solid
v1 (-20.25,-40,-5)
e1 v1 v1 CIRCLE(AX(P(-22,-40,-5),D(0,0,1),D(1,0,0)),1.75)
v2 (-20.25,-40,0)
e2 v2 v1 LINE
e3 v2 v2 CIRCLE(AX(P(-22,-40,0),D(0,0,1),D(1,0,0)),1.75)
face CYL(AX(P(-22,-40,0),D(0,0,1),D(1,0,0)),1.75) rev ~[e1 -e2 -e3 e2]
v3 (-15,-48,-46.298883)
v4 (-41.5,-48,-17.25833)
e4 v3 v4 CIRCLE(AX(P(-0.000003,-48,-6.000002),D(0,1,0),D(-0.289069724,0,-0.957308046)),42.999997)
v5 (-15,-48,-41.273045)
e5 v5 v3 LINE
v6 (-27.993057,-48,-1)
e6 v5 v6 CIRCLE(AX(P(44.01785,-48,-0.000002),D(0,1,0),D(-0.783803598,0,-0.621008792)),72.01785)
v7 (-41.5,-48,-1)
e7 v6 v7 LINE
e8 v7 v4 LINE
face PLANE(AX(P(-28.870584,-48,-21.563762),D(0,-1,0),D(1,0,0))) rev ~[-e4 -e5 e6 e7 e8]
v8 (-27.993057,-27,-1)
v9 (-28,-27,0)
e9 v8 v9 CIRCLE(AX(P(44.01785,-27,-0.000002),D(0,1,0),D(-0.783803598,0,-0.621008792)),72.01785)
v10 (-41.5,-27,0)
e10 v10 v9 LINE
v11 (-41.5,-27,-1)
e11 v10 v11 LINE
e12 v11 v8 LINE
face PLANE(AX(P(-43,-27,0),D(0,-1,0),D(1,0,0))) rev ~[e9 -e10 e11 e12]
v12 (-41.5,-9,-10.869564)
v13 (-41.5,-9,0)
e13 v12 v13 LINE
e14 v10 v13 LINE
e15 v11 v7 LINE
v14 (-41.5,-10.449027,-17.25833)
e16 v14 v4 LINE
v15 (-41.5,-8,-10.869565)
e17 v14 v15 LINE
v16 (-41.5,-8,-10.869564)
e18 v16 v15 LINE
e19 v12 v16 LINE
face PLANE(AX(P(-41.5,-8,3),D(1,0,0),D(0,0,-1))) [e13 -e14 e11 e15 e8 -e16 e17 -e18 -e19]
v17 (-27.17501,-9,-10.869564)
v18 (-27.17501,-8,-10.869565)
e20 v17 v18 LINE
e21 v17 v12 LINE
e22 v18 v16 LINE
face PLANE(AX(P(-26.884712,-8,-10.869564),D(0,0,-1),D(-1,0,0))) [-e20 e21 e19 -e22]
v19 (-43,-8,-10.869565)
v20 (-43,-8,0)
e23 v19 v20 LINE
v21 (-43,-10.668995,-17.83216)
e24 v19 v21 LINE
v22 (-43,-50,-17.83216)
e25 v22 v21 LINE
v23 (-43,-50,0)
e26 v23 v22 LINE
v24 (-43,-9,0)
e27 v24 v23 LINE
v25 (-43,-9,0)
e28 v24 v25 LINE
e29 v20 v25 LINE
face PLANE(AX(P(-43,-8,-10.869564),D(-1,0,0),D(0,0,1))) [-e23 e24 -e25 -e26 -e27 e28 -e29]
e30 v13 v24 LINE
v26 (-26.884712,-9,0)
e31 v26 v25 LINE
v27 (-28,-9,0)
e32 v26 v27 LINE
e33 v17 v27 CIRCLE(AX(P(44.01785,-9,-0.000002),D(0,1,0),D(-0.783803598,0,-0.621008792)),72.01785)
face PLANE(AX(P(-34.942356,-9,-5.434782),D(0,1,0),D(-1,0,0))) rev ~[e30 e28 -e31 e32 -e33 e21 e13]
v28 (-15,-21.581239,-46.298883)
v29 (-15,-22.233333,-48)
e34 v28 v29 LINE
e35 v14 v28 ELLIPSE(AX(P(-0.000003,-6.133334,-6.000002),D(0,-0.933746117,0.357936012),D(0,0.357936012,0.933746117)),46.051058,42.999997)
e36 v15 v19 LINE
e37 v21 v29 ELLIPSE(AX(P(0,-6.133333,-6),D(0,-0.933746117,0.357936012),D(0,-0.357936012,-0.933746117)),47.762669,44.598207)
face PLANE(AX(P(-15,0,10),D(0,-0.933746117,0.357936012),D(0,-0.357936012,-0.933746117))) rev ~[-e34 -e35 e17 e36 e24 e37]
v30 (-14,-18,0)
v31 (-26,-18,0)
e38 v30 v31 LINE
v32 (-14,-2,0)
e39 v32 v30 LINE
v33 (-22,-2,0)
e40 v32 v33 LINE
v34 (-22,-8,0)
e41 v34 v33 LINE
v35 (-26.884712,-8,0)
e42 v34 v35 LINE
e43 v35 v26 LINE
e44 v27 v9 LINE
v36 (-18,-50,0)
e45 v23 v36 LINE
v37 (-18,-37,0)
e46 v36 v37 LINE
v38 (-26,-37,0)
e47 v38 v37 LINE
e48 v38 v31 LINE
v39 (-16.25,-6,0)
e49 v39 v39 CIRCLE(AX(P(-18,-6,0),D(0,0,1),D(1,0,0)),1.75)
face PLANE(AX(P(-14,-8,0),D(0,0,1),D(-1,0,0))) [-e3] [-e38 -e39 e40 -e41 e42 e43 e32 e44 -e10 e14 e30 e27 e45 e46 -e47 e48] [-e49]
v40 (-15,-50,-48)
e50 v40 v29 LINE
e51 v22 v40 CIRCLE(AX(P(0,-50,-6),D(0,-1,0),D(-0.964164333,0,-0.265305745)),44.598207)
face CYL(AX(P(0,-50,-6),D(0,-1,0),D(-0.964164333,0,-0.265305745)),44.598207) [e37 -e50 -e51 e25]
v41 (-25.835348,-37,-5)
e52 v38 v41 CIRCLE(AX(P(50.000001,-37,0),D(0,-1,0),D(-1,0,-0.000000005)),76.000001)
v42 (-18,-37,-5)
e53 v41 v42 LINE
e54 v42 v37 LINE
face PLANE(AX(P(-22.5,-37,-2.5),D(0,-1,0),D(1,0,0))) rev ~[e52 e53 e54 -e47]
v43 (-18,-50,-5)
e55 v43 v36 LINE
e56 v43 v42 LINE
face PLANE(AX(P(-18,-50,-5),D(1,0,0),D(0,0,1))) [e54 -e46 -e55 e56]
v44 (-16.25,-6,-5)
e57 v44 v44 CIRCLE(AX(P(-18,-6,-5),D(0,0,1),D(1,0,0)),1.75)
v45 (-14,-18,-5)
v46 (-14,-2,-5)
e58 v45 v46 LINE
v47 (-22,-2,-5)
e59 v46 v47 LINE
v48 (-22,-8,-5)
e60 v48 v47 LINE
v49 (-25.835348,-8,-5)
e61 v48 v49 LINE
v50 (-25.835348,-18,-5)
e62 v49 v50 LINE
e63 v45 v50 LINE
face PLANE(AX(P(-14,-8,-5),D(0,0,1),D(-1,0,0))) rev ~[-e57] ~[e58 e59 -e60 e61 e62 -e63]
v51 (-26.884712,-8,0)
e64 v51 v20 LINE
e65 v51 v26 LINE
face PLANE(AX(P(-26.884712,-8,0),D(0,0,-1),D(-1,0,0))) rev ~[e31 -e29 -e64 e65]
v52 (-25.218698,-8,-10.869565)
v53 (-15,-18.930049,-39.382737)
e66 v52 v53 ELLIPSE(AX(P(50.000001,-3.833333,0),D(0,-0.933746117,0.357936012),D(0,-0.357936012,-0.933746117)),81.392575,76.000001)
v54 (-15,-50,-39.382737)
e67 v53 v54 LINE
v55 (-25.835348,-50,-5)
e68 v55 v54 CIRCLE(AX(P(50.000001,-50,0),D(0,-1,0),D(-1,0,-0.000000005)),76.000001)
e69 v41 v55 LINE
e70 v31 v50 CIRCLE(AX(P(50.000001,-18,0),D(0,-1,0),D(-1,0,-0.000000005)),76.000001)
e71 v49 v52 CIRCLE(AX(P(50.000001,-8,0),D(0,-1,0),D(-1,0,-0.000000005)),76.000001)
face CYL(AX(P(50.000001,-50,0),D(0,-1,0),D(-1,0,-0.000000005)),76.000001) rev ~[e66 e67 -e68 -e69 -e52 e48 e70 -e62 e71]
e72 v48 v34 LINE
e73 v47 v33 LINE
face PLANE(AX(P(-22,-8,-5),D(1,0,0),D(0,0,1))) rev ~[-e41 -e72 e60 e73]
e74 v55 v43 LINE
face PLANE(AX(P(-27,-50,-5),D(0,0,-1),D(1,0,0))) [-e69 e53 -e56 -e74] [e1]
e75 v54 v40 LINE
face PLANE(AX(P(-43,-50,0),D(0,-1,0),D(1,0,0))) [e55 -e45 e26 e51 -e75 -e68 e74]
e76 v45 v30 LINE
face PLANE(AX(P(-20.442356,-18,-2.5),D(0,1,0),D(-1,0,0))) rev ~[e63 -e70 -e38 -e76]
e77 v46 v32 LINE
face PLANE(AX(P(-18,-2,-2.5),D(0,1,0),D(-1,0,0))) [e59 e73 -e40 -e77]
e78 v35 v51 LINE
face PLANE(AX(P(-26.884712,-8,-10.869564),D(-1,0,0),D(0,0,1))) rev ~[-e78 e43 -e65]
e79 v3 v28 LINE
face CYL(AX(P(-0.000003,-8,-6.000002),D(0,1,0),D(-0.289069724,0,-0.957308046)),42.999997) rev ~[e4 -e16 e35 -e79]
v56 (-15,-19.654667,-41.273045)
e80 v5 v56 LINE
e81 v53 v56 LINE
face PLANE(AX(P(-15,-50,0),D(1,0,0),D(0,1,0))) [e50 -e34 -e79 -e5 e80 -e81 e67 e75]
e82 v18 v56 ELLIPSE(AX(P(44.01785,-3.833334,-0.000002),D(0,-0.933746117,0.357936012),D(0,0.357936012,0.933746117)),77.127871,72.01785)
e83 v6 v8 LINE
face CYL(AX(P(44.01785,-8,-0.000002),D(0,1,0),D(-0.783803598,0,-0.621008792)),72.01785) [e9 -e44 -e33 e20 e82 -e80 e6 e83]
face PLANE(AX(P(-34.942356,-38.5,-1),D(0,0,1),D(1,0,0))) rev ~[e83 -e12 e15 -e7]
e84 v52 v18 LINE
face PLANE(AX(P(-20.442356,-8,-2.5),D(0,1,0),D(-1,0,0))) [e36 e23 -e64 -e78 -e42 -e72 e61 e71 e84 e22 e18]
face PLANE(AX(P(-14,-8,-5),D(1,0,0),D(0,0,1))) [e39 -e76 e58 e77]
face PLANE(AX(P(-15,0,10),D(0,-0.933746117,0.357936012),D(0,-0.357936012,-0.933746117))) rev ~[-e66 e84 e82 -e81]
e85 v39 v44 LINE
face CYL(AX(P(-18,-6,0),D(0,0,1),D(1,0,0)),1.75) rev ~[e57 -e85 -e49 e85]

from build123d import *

# Parameters (mm, degrees)
SKETCH_W        = 28
SKETCH_H        = 42
PAD_DEPTH       = 48
POCKET_DEPTH    = 42.001
POCKET001_DEPTH = 28.001
POCKET002_DEPTH = 40
POCKET003_DEPTH = 42.001
SKETCH005_W     = 12.884712
SKETCH005_H     = 5
PAD001_DEPTH    = 10
SKETCH006_W     = 8
SKETCH006_H     = 5
PAD002_DEPTH    = 6
SKETCH007_W     = 9
SKETCH007_H     = 5
PAD003_DEPTH    = 13
SKETCH009_R     = 1.75
POCKET004_DEPTH = 6
SKETCH010_W     = 16.115288
SKETCH010_H     = 23
PAD004_DEPTH    = 1
SKETCH011_W     = 16.115288
SKETCH011_H     = 10.869565
PAD005_DEPTH    = 1


with BuildPart() as part:
    # Sketch → Pad (new body)
    with BuildSketch(Plane.XY):
        with Locations((-29, -29)):
            Rectangle(SKETCH_W, SKETCH_H)
    extrude(amount=-PAD_DEPTH)

    # Sketch001 (on Face3 of Pad) → Pocket (cut, through all)
    with BuildSketch(Plane.XZ.offset(50)):
        with BuildLine():
            ThreePointArc((-43, -17.83216), (-32.688295, -36.339337), (-15, -48))
            Line((-15, -48), (-62.101535, -92.662663))
            Line((-43, -17.83216), (-62.101535, -92.662663))
        make_face()
    extrude(amount=-POCKET_DEPTH, mode=Mode.SUBTRACT)

    # Sketch002 (on Face3 of Pocket) → Pocket001 (cut, through all)
    with BuildSketch(Plane.YZ.offset(-15)):
        Polygon((0, 10), (-23, -50), (20.241647, -57.218418), align=None)
    extrude(amount=-POCKET001_DEPTH, mode=Mode.SUBTRACT)

    # Sketch003 (on Face1 of Pocket001) → Pocket002 (cut)
    with BuildSketch(Plane(origin=(0, -8, 0), x_dir=(-1, 0, 0), z_dir=(0, 1, 0))):
        with BuildLine():
            Line((41.5, 3), (41.5, -17.25833))
            ThreePointArc((12.43, -47.164245), (30.833459, -35.971617), (41.5, -17.25833))
            Line((12.43, -44.72372), (12.43, -47.164245))
            ThreePointArc((12.43, -44.72372), (23.996206, -23.678239), (28, 0))
            Line((28, 3), (28, 0))
            Line((41.5, 3), (28, 3))
        make_face()
    extrude(amount=-POCKET002_DEPTH, mode=Mode.SUBTRACT)

    # Sketch004 (on Face10 of Pocket002) → Pocket003 (cut, through all)
    with BuildSketch(Plane.XZ.offset(50)):
        with BuildLine():
            ThreePointArc((-26, 0), (-13.012856, -42.489763), (21.51, -70.45793))
            Line((21.51, -70.45793), (50, 0))
            Line((-26, 0), (50, 0))
        make_face()
    extrude(amount=-POCKET003_DEPTH, mode=Mode.SUBTRACT)

    # Sketch005 (on Face1 of Pocket003) → Pad001 (join)
    with BuildSketch(Plane(origin=(0, -8, 0), x_dir=(-1, 0, 0), z_dir=(0, 1, 0))):
        with Locations((20.442356, -2.5)):
            Rectangle(SKETCH005_W, SKETCH005_H)
    extrude(amount=-PAD001_DEPTH)

    # Sketch006 (on Face13 of Pad001) → Pad002 (join)
    with BuildSketch(Plane(origin=(0, -8, 0), x_dir=(-1, 0, 0), z_dir=(0, 1, 0))):
        with Locations((18, -2.5)):
            Rectangle(SKETCH006_W, SKETCH006_H)
    extrude(amount=PAD002_DEPTH)

    # Sketch007 (on Face11 of Pad002) → Pad003 (join)
    with BuildSketch(Plane.XZ.offset(50)):
        with Locations((-22.5, -2.5)):
            Rectangle(SKETCH007_W, SKETCH007_H)
    extrude(amount=-PAD003_DEPTH)

    # Sketch009 (on Face24 of Pad003) → Pocket004 (cut)
    with BuildSketch(Plane.XY):
        with Locations((-18, -6)):
            Circle(SKETCH009_R)
        with Locations((-22, -40)):
            Circle(SKETCH009_R)
    extrude(amount=-POCKET004_DEPTH, mode=Mode.SUBTRACT)

    # Sketch010 (on Face2 of Pocket004) → Pad004 (join)
    with BuildSketch(Plane.XY):
        with Locations((-34.942356, -38.5)):
            Rectangle(SKETCH010_W, SKETCH010_H)
    extrude(amount=-PAD004_DEPTH)

    # Sketch011 (on Face39 of Pad004) → Pad005 (join)
    with BuildSketch(Plane(origin=(0, -8, 0), x_dir=(-1, 0, 0), z_dir=(0, 1, 0))):
        with Locations((34.942356, -5.434782)):
            Rectangle(SKETCH011_W, SKETCH011_H)
    extrude(amount=-PAD005_DEPTH)


solid = part.part
